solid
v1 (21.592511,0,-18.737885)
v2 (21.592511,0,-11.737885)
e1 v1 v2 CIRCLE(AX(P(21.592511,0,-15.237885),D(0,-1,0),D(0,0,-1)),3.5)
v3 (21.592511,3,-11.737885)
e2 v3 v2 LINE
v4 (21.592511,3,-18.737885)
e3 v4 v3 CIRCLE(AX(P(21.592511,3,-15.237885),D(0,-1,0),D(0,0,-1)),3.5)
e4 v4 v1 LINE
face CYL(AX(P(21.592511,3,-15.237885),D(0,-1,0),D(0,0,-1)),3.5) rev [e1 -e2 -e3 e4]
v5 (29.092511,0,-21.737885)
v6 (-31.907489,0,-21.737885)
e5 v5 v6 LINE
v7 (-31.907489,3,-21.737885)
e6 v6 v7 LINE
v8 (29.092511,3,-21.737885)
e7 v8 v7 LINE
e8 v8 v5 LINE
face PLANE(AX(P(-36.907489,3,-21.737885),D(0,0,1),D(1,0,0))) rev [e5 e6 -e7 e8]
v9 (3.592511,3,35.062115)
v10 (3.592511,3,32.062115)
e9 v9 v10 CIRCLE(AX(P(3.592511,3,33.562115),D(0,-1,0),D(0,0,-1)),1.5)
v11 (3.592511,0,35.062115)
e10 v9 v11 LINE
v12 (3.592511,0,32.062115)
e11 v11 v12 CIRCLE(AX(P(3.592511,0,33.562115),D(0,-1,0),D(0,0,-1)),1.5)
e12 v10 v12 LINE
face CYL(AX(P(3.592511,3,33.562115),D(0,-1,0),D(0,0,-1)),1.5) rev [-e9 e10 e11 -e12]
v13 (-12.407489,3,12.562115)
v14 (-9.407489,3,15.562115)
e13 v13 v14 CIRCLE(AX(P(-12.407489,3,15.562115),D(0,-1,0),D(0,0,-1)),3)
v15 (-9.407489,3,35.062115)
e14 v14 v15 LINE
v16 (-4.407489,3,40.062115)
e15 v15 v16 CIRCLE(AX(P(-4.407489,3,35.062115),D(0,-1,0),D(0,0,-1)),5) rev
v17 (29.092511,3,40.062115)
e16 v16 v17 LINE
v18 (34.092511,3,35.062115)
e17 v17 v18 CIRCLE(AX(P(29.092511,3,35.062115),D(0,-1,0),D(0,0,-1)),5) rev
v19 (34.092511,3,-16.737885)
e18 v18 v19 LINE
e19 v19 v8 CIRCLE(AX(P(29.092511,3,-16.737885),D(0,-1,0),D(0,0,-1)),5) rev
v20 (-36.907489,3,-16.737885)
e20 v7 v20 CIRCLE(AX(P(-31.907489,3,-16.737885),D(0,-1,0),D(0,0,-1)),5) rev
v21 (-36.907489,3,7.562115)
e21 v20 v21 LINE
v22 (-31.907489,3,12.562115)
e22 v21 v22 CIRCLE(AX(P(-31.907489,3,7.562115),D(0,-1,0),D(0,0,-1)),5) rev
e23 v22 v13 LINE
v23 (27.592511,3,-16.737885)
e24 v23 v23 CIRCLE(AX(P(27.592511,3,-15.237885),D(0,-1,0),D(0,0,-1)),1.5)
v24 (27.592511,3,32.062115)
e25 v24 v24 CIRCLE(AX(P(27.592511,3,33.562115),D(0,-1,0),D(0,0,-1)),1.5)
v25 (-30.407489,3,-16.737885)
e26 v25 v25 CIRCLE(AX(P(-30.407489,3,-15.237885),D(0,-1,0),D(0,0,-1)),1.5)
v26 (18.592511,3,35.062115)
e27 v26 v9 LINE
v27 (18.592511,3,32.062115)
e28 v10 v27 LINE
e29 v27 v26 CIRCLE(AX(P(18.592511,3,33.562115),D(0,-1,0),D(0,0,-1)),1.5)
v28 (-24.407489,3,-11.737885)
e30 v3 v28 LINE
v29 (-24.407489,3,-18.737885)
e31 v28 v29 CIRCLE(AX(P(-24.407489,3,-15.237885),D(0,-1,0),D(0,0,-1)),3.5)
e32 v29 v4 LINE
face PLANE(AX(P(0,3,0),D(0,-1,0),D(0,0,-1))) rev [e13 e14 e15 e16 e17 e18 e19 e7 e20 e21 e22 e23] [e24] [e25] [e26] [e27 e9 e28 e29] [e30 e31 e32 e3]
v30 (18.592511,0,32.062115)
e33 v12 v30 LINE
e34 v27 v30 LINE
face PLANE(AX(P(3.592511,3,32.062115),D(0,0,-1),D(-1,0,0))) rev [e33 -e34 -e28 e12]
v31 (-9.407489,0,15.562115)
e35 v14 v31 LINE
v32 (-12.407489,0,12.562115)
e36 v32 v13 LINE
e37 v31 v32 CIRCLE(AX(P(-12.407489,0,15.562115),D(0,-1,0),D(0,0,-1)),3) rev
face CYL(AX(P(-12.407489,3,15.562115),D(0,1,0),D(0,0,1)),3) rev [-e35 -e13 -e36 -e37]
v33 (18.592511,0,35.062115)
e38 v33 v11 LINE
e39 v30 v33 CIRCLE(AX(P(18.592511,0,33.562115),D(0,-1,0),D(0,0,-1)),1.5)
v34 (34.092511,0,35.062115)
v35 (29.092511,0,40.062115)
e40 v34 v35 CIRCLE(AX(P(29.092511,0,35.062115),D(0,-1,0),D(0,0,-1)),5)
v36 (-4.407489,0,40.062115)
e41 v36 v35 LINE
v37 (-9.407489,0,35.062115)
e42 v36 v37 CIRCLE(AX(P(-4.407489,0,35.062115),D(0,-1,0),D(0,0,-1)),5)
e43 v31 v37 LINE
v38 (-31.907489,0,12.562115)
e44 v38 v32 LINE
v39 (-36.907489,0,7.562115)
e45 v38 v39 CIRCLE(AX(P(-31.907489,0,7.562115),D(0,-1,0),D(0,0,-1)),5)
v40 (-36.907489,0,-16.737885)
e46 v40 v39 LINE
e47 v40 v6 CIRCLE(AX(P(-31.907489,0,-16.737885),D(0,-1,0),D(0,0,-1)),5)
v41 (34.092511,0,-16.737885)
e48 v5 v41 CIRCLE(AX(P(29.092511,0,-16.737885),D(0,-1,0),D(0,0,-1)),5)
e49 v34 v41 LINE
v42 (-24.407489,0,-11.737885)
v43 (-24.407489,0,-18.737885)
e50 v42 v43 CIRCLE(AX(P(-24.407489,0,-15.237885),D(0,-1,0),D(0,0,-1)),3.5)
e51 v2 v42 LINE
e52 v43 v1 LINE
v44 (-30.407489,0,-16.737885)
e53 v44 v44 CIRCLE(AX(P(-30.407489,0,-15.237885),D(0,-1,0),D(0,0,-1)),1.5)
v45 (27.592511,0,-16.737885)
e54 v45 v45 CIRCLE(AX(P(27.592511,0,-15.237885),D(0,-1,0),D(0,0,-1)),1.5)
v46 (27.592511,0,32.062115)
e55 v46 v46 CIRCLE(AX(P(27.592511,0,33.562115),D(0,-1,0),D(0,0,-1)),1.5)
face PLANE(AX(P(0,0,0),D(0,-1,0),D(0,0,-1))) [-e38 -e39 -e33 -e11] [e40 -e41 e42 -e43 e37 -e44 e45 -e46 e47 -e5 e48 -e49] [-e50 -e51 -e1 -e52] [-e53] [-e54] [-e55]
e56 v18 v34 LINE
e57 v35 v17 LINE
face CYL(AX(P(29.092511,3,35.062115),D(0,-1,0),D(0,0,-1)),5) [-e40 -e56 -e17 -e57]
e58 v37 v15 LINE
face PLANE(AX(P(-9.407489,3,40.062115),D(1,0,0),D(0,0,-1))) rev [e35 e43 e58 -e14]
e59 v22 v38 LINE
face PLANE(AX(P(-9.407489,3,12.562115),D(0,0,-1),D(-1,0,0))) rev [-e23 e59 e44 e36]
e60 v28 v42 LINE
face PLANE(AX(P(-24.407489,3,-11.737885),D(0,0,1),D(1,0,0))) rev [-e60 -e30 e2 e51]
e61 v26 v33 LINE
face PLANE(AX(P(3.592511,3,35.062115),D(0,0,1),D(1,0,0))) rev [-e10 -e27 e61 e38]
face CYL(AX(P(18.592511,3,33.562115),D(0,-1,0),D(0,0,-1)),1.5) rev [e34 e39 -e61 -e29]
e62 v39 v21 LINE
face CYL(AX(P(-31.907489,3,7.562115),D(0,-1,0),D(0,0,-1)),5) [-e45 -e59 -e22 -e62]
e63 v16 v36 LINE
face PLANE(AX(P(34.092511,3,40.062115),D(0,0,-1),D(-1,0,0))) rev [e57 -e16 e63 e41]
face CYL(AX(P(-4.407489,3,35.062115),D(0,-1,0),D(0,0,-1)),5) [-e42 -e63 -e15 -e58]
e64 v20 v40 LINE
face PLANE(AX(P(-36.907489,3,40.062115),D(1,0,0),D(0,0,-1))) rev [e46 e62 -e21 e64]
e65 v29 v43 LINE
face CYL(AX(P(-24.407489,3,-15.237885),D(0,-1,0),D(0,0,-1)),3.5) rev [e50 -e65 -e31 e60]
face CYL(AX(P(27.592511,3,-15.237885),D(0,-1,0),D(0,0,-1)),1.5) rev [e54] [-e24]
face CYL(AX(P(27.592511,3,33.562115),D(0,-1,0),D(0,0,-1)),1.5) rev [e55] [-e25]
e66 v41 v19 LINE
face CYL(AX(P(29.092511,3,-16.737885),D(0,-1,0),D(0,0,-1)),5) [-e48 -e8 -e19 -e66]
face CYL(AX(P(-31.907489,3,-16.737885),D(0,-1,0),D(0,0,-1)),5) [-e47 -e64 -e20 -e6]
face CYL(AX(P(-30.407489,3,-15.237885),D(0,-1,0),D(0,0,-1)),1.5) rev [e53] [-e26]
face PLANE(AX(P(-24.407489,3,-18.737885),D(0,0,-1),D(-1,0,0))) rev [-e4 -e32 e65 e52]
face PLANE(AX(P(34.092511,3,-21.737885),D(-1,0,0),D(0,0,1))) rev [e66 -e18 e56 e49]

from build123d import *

# Parameters (mm, degrees)
SKETCH_1_W          = 71
SKETCH_1_H          = 61.8
EXTRUDE_1_DEPTH     = 3
FILLET_1_R          = 5
FILLET_3_R          = 5
FILLET_4_R          = 5
SKETCH_2_R          = 1.5
CUT_EXTRUDE_1_DEPTH = 4
CUT_EXTRUDE_2_DEPTH = 4
SKETCH_6_W          = 27.5
SKETCH_6_H          = 27.5
CUT_EXTRUDE_3_DEPTH = 4
FILLET_5_R          = 5
FILLET_6_R          = 3
CUT_EXTRUDE_4_DEPTH = 4


with BuildPart() as part:
    # 草图1 → 凸台-拉伸1 (new body)
    with BuildSketch(Plane(origin=(0, 0, 0), x_dir=(1, 0, 0), z_dir=(0, 1, 0))):
        with Locations((-1.407488987, -9.162114537)):
            Rectangle(SKETCH_1_W, SKETCH_1_H)
    extrude(amount=EXTRUDE_1_DEPTH)

    # 圆角1
    fillet_1_edges = [part.edges().sort_by_distance(p)[0] for p in [
        (-36.907488987, 1.5, -21.737885463),
    ]]
    fillet(fillet_1_edges, radius=FILLET_1_R)

    # 圆角3
    fillet_3_edges = [part.edges().sort_by_distance(p)[0] for p in [
        (34.092511013, 1.5, 40.062114537),
    ]]
    fillet(fillet_3_edges, radius=FILLET_3_R)

    # 圆角4
    fillet_4_edges = [part.edges().sort_by_distance(p)[0] for p in [
        (34.092511013, 1.5, -21.737885463),
    ]]
    fillet(fillet_4_edges, radius=FILLET_4_R)

    # 草图2 → 切除-拉伸1 (cut, through all)
    with BuildSketch(Plane(origin=(0, 0, 0), x_dir=(-1, 0, 0), z_dir=(0, -1, 0))):
        with Locations((30.407488987, 15.237885463)):
            Circle(SKETCH_2_R)
        with Locations((-27.592511013, -33.562114537)):
            Circle(SKETCH_2_R)
        with Locations((-27.592511013, 15.237885463)):
            Circle(SKETCH_2_R)
    extrude(amount=-CUT_EXTRUDE_1_DEPTH, mode=Mode.SUBTRACT)

    # 草图5 → 切除-拉伸2 (cut, through all)
    with BuildSketch(Plane(origin=(0, 0, 0), x_dir=(-1, 0, 0), z_dir=(0, -1, 0))):
        with BuildLine():
            Line((24.407488987, 11.737885463), (-21.592511013, 11.737885463))
            ThreePointArc((-21.592511013, 11.737885463), (-25.092511013, 15.237885463), (-21.592511013, 18.737885463))
            Line((-21.592511013, 18.737885463), (24.407488987, 18.737885463))
            ThreePointArc((24.407488987, 18.737885463), (27.907488987, 15.237885463), (24.407488987, 11.737885463))
        make_face()
    extrude(amount=-CUT_EXTRUDE_2_DEPTH, mode=Mode.SUBTRACT)

    # 草图6 → 切除-拉伸3 (cut, through all)
    with BuildSketch(Plane.XZ):
        with Locations((-23.157488987, 26.312114537)):
            Rectangle(SKETCH_6_W, SKETCH_6_H)
    extrude(amount=-CUT_EXTRUDE_3_DEPTH, mode=Mode.SUBTRACT)

    # 圆角5
    fillet_5_edges = [part.edges().sort_by_distance(p)[0] for p in [
        (-36.907488987, 1.5, 12.562114537),
        (-9.407488987, 1.5, 40.062114537),
    ]]
    fillet(fillet_5_edges, radius=FILLET_5_R)

    # 圆角6
    fillet_6_edges = [part.edges().sort_by_distance(p)[0] for p in [
        (-9.407488987, 1.5, 12.562114537),
    ]]
    fillet(fillet_6_edges, radius=FILLET_6_R)

    # 草图7 → 切除-拉伸4 (cut, through all)
    with BuildSketch(Plane.XZ):
        with BuildLine():
            Line((3.592511013, 35.062114537), (18.592511013, 35.062114537))
            ThreePointArc((18.592511013, 35.062114537), (20.092511013, 33.562114537), (18.592511013, 32.062114537))
            Line((18.592511013, 32.062114537), (3.592511013, 32.062114537))
            ThreePointArc((3.592511013, 32.062114537), (2.092511013, 33.562114537), (3.592511013, 35.062114537))
        make_face()
    extrude(amount=-CUT_EXTRUDE_4_DEPTH, mode=Mode.SUBTRACT)


solid = part.part
